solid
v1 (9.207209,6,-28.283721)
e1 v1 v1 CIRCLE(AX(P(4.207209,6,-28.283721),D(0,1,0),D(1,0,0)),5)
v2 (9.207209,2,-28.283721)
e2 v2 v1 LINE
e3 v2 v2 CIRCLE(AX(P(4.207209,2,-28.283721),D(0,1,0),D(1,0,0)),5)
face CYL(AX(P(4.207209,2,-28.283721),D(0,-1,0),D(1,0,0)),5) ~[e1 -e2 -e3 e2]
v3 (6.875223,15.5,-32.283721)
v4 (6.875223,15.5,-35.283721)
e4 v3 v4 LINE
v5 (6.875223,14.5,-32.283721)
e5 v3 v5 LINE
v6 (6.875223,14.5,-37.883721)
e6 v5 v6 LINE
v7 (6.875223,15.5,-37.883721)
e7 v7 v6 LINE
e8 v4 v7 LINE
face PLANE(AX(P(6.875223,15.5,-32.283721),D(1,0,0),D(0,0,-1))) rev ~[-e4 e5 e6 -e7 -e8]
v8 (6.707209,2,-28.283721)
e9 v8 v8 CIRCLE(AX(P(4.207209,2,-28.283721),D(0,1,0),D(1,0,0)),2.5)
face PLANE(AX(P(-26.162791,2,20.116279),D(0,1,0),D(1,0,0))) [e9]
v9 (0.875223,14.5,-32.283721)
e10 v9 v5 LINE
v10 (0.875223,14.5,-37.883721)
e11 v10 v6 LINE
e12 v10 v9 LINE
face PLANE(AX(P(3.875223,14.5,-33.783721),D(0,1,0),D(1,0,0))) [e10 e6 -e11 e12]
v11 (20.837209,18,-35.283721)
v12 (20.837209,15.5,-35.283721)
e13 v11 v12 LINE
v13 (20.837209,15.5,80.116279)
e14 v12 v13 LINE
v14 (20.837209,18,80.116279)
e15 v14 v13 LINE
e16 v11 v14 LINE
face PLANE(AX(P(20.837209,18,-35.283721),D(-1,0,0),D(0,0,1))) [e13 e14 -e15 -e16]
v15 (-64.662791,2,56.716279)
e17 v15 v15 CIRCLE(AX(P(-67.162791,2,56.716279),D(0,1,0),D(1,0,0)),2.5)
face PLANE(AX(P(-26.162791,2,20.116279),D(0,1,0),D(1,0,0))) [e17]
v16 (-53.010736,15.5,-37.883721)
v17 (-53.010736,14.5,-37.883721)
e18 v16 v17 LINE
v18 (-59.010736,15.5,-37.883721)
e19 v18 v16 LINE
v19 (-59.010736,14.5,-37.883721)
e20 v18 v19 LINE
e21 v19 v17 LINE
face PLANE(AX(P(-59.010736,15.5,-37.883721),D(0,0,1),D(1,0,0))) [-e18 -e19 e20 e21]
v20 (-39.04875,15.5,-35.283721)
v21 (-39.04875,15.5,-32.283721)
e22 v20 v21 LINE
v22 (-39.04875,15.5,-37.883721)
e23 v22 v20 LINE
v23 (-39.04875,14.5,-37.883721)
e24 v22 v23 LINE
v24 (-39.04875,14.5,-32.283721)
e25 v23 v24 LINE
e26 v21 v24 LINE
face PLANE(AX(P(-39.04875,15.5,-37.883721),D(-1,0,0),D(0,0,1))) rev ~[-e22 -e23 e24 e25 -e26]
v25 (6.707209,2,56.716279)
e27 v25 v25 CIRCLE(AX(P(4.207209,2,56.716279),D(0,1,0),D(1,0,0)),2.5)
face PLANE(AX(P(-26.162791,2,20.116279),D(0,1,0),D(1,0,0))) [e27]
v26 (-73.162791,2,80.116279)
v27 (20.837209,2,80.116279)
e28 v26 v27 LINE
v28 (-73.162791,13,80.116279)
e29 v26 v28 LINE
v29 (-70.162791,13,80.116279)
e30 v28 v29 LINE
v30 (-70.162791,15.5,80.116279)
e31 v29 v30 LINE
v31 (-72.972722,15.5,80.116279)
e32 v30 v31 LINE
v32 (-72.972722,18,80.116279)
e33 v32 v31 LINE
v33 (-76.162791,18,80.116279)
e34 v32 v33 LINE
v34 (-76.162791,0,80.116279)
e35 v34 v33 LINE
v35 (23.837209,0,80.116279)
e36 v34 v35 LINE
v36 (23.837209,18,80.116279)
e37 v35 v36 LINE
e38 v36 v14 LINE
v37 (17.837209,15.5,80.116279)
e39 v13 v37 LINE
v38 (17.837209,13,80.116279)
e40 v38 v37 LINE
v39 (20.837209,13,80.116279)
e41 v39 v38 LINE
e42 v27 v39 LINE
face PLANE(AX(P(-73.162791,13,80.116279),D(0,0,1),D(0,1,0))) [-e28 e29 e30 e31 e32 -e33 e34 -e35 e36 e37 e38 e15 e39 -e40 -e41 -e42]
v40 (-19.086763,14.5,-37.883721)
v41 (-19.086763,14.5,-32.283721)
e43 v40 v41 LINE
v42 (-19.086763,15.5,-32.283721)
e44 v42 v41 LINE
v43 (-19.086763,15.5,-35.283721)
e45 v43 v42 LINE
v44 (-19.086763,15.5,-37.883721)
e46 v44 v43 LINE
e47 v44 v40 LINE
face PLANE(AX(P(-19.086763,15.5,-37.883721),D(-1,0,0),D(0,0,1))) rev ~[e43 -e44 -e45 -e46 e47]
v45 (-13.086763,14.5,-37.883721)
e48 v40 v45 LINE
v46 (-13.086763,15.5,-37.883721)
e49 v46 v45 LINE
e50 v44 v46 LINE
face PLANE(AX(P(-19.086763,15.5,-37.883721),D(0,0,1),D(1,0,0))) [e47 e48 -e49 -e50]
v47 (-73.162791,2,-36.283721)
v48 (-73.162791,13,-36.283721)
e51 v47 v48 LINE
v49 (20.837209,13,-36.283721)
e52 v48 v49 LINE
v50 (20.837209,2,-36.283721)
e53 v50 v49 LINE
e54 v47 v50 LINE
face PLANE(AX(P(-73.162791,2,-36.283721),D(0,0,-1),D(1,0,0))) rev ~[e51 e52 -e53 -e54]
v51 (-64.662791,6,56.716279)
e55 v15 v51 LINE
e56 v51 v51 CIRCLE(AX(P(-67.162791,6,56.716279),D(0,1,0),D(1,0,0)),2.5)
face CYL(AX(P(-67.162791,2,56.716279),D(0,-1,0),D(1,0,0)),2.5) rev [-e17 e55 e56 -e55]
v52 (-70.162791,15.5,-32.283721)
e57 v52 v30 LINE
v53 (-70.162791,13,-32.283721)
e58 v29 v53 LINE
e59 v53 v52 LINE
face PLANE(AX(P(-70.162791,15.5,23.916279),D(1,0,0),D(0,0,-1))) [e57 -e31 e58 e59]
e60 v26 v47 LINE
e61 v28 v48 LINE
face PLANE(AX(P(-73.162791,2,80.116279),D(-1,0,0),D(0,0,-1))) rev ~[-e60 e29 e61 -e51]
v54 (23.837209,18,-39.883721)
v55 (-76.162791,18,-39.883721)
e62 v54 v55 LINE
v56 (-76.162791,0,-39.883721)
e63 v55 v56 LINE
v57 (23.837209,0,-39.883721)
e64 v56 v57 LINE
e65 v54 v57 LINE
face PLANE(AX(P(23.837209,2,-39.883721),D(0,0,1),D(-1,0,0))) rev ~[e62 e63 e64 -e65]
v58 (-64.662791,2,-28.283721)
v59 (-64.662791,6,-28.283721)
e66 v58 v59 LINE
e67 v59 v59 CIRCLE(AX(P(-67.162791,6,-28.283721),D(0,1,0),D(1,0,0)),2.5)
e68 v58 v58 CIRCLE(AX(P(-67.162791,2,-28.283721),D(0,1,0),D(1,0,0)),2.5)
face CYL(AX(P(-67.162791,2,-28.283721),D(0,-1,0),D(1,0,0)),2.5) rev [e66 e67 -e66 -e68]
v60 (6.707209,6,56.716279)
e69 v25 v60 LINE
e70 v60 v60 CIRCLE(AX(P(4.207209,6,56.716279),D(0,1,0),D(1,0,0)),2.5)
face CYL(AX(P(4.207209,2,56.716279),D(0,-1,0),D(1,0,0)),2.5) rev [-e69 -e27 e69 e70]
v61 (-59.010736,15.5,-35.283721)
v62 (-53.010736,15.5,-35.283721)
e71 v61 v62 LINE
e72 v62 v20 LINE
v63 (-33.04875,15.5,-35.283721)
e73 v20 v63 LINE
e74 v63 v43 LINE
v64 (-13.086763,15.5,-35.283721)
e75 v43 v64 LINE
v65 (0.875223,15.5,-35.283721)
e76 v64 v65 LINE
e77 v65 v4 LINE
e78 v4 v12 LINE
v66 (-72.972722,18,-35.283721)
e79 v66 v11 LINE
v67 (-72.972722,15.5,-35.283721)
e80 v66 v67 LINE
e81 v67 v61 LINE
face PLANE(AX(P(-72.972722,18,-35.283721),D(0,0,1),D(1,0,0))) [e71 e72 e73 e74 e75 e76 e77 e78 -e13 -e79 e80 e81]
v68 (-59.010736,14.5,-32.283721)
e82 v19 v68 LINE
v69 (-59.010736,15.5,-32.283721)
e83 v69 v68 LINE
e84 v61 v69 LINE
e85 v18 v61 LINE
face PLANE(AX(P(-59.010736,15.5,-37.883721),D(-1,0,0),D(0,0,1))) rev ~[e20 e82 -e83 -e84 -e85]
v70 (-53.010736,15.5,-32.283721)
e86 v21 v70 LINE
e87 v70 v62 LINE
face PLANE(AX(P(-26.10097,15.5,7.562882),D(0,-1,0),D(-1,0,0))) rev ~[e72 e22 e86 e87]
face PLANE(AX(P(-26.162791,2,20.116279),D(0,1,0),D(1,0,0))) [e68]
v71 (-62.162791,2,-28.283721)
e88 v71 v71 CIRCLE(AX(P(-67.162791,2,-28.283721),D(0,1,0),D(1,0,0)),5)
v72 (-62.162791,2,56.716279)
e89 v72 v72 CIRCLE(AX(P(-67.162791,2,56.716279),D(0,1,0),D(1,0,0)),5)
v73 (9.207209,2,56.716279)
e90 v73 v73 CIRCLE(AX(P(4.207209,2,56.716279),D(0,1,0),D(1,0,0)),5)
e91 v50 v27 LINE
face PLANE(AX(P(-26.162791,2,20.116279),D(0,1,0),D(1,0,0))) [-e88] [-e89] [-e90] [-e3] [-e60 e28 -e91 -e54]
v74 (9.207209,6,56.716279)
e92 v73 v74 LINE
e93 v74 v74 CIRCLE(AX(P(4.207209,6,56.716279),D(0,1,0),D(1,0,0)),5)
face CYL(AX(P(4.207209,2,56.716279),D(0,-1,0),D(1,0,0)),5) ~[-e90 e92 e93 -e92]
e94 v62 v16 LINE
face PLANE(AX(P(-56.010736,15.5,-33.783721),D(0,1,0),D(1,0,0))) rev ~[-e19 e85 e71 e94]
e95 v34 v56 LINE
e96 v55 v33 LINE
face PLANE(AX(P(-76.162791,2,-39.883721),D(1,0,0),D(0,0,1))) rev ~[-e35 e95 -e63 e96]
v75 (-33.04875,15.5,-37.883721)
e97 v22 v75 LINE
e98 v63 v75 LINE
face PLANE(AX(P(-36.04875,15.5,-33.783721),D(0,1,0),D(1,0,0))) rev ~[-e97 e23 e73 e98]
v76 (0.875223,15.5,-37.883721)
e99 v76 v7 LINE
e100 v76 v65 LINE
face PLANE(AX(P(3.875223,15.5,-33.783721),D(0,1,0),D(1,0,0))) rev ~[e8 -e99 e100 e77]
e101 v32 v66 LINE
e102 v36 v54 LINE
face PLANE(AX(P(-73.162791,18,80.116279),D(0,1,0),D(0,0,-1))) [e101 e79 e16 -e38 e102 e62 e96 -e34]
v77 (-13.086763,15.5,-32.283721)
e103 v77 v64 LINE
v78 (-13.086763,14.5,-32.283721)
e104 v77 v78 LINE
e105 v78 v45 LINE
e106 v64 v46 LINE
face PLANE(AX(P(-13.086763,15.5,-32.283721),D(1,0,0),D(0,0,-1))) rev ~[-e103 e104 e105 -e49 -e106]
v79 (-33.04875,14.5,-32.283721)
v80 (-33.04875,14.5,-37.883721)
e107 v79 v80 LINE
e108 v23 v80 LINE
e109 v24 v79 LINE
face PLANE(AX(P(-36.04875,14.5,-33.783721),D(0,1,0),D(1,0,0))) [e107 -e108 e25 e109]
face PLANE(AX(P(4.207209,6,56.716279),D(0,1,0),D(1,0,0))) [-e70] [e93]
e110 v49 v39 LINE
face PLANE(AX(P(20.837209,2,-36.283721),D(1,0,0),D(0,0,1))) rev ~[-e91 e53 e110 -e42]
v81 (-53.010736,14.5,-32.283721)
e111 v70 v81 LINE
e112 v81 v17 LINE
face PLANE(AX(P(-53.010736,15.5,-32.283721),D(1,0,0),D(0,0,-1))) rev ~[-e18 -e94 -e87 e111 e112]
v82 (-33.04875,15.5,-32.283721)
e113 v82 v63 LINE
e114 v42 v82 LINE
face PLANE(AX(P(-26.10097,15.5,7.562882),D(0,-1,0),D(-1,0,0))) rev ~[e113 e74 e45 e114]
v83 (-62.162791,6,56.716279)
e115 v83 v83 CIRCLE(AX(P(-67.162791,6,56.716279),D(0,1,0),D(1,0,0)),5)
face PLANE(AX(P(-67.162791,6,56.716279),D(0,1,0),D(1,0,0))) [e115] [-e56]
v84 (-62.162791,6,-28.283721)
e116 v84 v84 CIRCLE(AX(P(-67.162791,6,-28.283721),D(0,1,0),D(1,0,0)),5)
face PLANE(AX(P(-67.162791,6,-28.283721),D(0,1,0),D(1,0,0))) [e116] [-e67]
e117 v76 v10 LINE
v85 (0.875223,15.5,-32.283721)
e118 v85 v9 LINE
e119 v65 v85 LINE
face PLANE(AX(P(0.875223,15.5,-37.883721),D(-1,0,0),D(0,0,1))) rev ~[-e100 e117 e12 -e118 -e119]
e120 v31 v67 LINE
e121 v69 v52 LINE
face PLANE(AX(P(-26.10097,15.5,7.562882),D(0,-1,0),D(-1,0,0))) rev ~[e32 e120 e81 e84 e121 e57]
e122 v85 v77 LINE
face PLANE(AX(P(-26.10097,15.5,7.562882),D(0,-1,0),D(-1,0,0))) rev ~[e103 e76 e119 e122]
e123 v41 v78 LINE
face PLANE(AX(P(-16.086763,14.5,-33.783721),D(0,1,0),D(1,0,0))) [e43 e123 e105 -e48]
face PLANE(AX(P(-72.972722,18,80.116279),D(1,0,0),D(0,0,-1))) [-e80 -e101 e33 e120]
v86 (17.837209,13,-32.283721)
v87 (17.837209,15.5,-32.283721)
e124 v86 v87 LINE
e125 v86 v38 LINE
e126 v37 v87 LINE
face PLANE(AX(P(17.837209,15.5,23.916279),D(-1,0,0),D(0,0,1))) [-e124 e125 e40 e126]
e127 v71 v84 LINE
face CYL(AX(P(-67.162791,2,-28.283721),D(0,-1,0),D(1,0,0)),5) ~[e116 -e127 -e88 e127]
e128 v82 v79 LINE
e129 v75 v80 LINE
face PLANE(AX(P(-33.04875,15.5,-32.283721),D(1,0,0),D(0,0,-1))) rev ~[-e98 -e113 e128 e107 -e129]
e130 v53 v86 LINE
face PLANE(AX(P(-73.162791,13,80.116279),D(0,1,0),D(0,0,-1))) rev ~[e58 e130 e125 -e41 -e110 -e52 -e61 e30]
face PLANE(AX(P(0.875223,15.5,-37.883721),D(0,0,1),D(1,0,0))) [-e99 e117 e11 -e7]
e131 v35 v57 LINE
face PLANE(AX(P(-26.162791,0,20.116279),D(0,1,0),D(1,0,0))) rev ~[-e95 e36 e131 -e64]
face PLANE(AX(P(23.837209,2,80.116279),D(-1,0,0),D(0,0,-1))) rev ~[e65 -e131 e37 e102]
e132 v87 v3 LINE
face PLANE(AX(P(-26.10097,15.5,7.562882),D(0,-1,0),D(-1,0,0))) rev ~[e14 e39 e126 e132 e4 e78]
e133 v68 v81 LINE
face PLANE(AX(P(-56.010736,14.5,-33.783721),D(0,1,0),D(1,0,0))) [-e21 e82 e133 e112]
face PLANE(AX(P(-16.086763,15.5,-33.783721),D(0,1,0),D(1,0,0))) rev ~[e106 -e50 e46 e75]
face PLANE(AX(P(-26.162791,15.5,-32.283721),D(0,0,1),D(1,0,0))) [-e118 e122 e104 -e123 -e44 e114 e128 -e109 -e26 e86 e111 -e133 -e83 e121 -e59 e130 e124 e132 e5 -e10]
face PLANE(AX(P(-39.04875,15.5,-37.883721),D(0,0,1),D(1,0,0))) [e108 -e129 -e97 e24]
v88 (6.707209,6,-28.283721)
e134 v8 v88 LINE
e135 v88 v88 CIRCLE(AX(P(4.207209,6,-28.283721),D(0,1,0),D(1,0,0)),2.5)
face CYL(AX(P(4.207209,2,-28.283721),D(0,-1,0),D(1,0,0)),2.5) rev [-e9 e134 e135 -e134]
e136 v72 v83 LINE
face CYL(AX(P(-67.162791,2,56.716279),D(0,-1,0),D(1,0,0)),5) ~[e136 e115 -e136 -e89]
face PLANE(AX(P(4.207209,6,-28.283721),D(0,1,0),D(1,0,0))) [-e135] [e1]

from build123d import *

# Parameters (mm, degrees)
SZKIC1_W                    = 100
SZKIC1_H                    = 120
DODANIE_WYCI_GNI_CIE3_DEPTH = 2
SZKIC3_R                    = 5
SZKIC3_R_2                  = 2.5
DODANIE_WYCI_GNI_CIE4_DEPTH = 4
DODANIE_WYCI_GNI_CIE5_DEPTH = 16
SZKIC6_W                    = 94
SZKIC6_H                    = 5
DODANIE_WYCI_GNI_CIE6_DEPTH = 4
SZKIC7_W                    = 112.4
SZKIC7_H                    = 5
DODANIE_WYCI_GNI_CIE7_DEPTH = 3
SZKIC8_W                    = 112.4
SZKIC8_H                    = 5
DODANIE_WYCI_GNI_CIE8_DEPTH = 3
WYTNIJ_WYCI_GNI_CIE1_DEPTH  = 2.5
SZKIC11_W                   = 6
SZKIC11_H                   = 3
SZKIC11_H_2                 = 2.6
WYTNIJ_WYCI_GNI_CIE3_DEPTH  = 1


with BuildPart() as part:
    # Szkic1 → Dodanie-wyciągnięcie3 (new body)
    with BuildSketch(Plane(origin=(0, 0, 0), x_dir=(1, 0, 0), z_dir=(0, 1, 0))):
        with Locations((-26.162790698, -20.11627907)):
            Rectangle(SZKIC1_W, SZKIC1_H)
    extrude(amount=DODANIE_WYCI_GNI_CIE3_DEPTH)

    # Szkic3 → Dodanie-wyciągnięcie4 (add)
    with BuildSketch(Plane(origin=(0, 2, 0), x_dir=(1, 0, 0), z_dir=(0, 1, 0))):
        with Locations((-67.162790698, 28.28372093)):
            Circle(SZKIC3_R)
        with Locations((-67.162790698, 28.28372093)):
            Circle(SZKIC3_R_2, mode=Mode.SUBTRACT)
        with Locations((4.207209302, 28.28372093)):
            Circle(SZKIC3_R)
        with Locations((4.207209302, 28.28372093)):
            Circle(SZKIC3_R_2, mode=Mode.SUBTRACT)
        with Locations((4.207209302, -56.71627907)):
            Circle(SZKIC3_R)
        with Locations((4.207209302, -56.71627907)):
            Circle(SZKIC3_R_2, mode=Mode.SUBTRACT)
        with Locations((-67.162790698, -56.71627907)):
            Circle(SZKIC3_R)
        with Locations((-67.162790698, -56.71627907)):
            Circle(SZKIC3_R_2, mode=Mode.SUBTRACT)
    extrude(amount=DODANIE_WYCI_GNI_CIE4_DEPTH)

    # Szkic4 → Dodanie-wyciągnięcie5 (add)
    with BuildSketch(Plane(origin=(0, 2, 0), x_dir=(1, 0, 0), z_dir=(0, 1, 0))):
        Polygon((-76.162790698, 39.88372093), (-76.162790698, -80.11627907), (-73.162790698, -80.11627907), (-73.162790698, -76.51627907), (-73.162790698, 36.28372093), (20.837209302, 36.28372093), (20.837209302, -76.51627907), (20.837209302, -80.11627907), (23.837209302, -80.11627907), (23.837209302, 39.88372093), align=None)
    extrude(amount=DODANIE_WYCI_GNI_CIE5_DEPTH)

    # Szkic6 → Dodanie-wyciągnięcie6 (add)
    with BuildSketch(Plane.XY.offset(-36.28372093)):
        with Locations((-26.162790698, 15.5)):
            Rectangle(SZKIC6_W, SZKIC6_H)
    extrude(amount=DODANIE_WYCI_GNI_CIE6_DEPTH)

    # Szkic7 → Dodanie-wyciągnięcie7 (add)
    with BuildSketch(Plane.ZY.offset(-20.837209302)):
        with Locations((23.91627907, 15.5)):
            Rectangle(SZKIC7_W, SZKIC7_H)
    extrude(amount=DODANIE_WYCI_GNI_CIE7_DEPTH)

    # Szkic8 → Dodanie-wyciągnięcie8 (add)
    with BuildSketch(Plane(origin=(-73.162790698, 0, 0), x_dir=(0, 0, -1), z_dir=(1, 0, 0))):
        with Locations((-23.91627907, 15.5)):
            Rectangle(SZKIC8_W, SZKIC8_H)
    extrude(amount=DODANIE_WYCI_GNI_CIE8_DEPTH)

    # Szkic10 → Wytnij-wyciągnięcie1 (cut)
    with BuildSketch(Plane(origin=(0, 18, 0), x_dir=(1, 0, 0), z_dir=(0, 1, 0))):
        Polygon((-70.162790698, -80.11627907), (-72.972722391, -80.11627907), (-72.972722391, 35.28372093), (20.837209302, 35.28372093), (20.837209302, -80.11627907), (17.837209302, -80.11627907), (17.837209302, 32.28372093), (-70.162790698, 32.28372093), align=None)
    extrude(amount=-WYTNIJ_WYCI_GNI_CIE1_DEPTH, mode=Mode.SUBTRACT)

    # Szkic11 → Wytnij-wyciągnięcie3 (cut)
    with BuildSketch(Plane(origin=(0, 15.5, 0), x_dir=(1, 0, 0), z_dir=(0, 1, 0))):
        with Locations((-56.010736052, 33.78372093)):
            Rectangle(SZKIC11_W, SZKIC11_H)
        with Locations((-56.010736052, 36.58372093)):
            Rectangle(SZKIC11_W, SZKIC11_H_2)
        with Locations((-36.048749714, 33.78372093)):
            Rectangle(SZKIC11_W, SZKIC11_H)
        with Locations((-36.048749714, 36.58372093)):
            Rectangle(SZKIC11_W, SZKIC11_H_2)
        with Locations((-16.086763375, 33.78372093)):
            Rectangle(SZKIC11_W, SZKIC11_H)
        with Locations((-16.086763375, 36.58372093)):
            Rectangle(SZKIC11_W, SZKIC11_H_2)
        with Locations((3.875222964, 33.78372093)):
            Rectangle(SZKIC11_W, SZKIC11_H)
        with Locations((3.875222964, 36.58372093)):
            Rectangle(SZKIC11_W, SZKIC11_H_2)
    extrude(amount=-WYTNIJ_WYCI_GNI_CIE3_DEPTH, mode=Mode.SUBTRACT)


solid = part.part
